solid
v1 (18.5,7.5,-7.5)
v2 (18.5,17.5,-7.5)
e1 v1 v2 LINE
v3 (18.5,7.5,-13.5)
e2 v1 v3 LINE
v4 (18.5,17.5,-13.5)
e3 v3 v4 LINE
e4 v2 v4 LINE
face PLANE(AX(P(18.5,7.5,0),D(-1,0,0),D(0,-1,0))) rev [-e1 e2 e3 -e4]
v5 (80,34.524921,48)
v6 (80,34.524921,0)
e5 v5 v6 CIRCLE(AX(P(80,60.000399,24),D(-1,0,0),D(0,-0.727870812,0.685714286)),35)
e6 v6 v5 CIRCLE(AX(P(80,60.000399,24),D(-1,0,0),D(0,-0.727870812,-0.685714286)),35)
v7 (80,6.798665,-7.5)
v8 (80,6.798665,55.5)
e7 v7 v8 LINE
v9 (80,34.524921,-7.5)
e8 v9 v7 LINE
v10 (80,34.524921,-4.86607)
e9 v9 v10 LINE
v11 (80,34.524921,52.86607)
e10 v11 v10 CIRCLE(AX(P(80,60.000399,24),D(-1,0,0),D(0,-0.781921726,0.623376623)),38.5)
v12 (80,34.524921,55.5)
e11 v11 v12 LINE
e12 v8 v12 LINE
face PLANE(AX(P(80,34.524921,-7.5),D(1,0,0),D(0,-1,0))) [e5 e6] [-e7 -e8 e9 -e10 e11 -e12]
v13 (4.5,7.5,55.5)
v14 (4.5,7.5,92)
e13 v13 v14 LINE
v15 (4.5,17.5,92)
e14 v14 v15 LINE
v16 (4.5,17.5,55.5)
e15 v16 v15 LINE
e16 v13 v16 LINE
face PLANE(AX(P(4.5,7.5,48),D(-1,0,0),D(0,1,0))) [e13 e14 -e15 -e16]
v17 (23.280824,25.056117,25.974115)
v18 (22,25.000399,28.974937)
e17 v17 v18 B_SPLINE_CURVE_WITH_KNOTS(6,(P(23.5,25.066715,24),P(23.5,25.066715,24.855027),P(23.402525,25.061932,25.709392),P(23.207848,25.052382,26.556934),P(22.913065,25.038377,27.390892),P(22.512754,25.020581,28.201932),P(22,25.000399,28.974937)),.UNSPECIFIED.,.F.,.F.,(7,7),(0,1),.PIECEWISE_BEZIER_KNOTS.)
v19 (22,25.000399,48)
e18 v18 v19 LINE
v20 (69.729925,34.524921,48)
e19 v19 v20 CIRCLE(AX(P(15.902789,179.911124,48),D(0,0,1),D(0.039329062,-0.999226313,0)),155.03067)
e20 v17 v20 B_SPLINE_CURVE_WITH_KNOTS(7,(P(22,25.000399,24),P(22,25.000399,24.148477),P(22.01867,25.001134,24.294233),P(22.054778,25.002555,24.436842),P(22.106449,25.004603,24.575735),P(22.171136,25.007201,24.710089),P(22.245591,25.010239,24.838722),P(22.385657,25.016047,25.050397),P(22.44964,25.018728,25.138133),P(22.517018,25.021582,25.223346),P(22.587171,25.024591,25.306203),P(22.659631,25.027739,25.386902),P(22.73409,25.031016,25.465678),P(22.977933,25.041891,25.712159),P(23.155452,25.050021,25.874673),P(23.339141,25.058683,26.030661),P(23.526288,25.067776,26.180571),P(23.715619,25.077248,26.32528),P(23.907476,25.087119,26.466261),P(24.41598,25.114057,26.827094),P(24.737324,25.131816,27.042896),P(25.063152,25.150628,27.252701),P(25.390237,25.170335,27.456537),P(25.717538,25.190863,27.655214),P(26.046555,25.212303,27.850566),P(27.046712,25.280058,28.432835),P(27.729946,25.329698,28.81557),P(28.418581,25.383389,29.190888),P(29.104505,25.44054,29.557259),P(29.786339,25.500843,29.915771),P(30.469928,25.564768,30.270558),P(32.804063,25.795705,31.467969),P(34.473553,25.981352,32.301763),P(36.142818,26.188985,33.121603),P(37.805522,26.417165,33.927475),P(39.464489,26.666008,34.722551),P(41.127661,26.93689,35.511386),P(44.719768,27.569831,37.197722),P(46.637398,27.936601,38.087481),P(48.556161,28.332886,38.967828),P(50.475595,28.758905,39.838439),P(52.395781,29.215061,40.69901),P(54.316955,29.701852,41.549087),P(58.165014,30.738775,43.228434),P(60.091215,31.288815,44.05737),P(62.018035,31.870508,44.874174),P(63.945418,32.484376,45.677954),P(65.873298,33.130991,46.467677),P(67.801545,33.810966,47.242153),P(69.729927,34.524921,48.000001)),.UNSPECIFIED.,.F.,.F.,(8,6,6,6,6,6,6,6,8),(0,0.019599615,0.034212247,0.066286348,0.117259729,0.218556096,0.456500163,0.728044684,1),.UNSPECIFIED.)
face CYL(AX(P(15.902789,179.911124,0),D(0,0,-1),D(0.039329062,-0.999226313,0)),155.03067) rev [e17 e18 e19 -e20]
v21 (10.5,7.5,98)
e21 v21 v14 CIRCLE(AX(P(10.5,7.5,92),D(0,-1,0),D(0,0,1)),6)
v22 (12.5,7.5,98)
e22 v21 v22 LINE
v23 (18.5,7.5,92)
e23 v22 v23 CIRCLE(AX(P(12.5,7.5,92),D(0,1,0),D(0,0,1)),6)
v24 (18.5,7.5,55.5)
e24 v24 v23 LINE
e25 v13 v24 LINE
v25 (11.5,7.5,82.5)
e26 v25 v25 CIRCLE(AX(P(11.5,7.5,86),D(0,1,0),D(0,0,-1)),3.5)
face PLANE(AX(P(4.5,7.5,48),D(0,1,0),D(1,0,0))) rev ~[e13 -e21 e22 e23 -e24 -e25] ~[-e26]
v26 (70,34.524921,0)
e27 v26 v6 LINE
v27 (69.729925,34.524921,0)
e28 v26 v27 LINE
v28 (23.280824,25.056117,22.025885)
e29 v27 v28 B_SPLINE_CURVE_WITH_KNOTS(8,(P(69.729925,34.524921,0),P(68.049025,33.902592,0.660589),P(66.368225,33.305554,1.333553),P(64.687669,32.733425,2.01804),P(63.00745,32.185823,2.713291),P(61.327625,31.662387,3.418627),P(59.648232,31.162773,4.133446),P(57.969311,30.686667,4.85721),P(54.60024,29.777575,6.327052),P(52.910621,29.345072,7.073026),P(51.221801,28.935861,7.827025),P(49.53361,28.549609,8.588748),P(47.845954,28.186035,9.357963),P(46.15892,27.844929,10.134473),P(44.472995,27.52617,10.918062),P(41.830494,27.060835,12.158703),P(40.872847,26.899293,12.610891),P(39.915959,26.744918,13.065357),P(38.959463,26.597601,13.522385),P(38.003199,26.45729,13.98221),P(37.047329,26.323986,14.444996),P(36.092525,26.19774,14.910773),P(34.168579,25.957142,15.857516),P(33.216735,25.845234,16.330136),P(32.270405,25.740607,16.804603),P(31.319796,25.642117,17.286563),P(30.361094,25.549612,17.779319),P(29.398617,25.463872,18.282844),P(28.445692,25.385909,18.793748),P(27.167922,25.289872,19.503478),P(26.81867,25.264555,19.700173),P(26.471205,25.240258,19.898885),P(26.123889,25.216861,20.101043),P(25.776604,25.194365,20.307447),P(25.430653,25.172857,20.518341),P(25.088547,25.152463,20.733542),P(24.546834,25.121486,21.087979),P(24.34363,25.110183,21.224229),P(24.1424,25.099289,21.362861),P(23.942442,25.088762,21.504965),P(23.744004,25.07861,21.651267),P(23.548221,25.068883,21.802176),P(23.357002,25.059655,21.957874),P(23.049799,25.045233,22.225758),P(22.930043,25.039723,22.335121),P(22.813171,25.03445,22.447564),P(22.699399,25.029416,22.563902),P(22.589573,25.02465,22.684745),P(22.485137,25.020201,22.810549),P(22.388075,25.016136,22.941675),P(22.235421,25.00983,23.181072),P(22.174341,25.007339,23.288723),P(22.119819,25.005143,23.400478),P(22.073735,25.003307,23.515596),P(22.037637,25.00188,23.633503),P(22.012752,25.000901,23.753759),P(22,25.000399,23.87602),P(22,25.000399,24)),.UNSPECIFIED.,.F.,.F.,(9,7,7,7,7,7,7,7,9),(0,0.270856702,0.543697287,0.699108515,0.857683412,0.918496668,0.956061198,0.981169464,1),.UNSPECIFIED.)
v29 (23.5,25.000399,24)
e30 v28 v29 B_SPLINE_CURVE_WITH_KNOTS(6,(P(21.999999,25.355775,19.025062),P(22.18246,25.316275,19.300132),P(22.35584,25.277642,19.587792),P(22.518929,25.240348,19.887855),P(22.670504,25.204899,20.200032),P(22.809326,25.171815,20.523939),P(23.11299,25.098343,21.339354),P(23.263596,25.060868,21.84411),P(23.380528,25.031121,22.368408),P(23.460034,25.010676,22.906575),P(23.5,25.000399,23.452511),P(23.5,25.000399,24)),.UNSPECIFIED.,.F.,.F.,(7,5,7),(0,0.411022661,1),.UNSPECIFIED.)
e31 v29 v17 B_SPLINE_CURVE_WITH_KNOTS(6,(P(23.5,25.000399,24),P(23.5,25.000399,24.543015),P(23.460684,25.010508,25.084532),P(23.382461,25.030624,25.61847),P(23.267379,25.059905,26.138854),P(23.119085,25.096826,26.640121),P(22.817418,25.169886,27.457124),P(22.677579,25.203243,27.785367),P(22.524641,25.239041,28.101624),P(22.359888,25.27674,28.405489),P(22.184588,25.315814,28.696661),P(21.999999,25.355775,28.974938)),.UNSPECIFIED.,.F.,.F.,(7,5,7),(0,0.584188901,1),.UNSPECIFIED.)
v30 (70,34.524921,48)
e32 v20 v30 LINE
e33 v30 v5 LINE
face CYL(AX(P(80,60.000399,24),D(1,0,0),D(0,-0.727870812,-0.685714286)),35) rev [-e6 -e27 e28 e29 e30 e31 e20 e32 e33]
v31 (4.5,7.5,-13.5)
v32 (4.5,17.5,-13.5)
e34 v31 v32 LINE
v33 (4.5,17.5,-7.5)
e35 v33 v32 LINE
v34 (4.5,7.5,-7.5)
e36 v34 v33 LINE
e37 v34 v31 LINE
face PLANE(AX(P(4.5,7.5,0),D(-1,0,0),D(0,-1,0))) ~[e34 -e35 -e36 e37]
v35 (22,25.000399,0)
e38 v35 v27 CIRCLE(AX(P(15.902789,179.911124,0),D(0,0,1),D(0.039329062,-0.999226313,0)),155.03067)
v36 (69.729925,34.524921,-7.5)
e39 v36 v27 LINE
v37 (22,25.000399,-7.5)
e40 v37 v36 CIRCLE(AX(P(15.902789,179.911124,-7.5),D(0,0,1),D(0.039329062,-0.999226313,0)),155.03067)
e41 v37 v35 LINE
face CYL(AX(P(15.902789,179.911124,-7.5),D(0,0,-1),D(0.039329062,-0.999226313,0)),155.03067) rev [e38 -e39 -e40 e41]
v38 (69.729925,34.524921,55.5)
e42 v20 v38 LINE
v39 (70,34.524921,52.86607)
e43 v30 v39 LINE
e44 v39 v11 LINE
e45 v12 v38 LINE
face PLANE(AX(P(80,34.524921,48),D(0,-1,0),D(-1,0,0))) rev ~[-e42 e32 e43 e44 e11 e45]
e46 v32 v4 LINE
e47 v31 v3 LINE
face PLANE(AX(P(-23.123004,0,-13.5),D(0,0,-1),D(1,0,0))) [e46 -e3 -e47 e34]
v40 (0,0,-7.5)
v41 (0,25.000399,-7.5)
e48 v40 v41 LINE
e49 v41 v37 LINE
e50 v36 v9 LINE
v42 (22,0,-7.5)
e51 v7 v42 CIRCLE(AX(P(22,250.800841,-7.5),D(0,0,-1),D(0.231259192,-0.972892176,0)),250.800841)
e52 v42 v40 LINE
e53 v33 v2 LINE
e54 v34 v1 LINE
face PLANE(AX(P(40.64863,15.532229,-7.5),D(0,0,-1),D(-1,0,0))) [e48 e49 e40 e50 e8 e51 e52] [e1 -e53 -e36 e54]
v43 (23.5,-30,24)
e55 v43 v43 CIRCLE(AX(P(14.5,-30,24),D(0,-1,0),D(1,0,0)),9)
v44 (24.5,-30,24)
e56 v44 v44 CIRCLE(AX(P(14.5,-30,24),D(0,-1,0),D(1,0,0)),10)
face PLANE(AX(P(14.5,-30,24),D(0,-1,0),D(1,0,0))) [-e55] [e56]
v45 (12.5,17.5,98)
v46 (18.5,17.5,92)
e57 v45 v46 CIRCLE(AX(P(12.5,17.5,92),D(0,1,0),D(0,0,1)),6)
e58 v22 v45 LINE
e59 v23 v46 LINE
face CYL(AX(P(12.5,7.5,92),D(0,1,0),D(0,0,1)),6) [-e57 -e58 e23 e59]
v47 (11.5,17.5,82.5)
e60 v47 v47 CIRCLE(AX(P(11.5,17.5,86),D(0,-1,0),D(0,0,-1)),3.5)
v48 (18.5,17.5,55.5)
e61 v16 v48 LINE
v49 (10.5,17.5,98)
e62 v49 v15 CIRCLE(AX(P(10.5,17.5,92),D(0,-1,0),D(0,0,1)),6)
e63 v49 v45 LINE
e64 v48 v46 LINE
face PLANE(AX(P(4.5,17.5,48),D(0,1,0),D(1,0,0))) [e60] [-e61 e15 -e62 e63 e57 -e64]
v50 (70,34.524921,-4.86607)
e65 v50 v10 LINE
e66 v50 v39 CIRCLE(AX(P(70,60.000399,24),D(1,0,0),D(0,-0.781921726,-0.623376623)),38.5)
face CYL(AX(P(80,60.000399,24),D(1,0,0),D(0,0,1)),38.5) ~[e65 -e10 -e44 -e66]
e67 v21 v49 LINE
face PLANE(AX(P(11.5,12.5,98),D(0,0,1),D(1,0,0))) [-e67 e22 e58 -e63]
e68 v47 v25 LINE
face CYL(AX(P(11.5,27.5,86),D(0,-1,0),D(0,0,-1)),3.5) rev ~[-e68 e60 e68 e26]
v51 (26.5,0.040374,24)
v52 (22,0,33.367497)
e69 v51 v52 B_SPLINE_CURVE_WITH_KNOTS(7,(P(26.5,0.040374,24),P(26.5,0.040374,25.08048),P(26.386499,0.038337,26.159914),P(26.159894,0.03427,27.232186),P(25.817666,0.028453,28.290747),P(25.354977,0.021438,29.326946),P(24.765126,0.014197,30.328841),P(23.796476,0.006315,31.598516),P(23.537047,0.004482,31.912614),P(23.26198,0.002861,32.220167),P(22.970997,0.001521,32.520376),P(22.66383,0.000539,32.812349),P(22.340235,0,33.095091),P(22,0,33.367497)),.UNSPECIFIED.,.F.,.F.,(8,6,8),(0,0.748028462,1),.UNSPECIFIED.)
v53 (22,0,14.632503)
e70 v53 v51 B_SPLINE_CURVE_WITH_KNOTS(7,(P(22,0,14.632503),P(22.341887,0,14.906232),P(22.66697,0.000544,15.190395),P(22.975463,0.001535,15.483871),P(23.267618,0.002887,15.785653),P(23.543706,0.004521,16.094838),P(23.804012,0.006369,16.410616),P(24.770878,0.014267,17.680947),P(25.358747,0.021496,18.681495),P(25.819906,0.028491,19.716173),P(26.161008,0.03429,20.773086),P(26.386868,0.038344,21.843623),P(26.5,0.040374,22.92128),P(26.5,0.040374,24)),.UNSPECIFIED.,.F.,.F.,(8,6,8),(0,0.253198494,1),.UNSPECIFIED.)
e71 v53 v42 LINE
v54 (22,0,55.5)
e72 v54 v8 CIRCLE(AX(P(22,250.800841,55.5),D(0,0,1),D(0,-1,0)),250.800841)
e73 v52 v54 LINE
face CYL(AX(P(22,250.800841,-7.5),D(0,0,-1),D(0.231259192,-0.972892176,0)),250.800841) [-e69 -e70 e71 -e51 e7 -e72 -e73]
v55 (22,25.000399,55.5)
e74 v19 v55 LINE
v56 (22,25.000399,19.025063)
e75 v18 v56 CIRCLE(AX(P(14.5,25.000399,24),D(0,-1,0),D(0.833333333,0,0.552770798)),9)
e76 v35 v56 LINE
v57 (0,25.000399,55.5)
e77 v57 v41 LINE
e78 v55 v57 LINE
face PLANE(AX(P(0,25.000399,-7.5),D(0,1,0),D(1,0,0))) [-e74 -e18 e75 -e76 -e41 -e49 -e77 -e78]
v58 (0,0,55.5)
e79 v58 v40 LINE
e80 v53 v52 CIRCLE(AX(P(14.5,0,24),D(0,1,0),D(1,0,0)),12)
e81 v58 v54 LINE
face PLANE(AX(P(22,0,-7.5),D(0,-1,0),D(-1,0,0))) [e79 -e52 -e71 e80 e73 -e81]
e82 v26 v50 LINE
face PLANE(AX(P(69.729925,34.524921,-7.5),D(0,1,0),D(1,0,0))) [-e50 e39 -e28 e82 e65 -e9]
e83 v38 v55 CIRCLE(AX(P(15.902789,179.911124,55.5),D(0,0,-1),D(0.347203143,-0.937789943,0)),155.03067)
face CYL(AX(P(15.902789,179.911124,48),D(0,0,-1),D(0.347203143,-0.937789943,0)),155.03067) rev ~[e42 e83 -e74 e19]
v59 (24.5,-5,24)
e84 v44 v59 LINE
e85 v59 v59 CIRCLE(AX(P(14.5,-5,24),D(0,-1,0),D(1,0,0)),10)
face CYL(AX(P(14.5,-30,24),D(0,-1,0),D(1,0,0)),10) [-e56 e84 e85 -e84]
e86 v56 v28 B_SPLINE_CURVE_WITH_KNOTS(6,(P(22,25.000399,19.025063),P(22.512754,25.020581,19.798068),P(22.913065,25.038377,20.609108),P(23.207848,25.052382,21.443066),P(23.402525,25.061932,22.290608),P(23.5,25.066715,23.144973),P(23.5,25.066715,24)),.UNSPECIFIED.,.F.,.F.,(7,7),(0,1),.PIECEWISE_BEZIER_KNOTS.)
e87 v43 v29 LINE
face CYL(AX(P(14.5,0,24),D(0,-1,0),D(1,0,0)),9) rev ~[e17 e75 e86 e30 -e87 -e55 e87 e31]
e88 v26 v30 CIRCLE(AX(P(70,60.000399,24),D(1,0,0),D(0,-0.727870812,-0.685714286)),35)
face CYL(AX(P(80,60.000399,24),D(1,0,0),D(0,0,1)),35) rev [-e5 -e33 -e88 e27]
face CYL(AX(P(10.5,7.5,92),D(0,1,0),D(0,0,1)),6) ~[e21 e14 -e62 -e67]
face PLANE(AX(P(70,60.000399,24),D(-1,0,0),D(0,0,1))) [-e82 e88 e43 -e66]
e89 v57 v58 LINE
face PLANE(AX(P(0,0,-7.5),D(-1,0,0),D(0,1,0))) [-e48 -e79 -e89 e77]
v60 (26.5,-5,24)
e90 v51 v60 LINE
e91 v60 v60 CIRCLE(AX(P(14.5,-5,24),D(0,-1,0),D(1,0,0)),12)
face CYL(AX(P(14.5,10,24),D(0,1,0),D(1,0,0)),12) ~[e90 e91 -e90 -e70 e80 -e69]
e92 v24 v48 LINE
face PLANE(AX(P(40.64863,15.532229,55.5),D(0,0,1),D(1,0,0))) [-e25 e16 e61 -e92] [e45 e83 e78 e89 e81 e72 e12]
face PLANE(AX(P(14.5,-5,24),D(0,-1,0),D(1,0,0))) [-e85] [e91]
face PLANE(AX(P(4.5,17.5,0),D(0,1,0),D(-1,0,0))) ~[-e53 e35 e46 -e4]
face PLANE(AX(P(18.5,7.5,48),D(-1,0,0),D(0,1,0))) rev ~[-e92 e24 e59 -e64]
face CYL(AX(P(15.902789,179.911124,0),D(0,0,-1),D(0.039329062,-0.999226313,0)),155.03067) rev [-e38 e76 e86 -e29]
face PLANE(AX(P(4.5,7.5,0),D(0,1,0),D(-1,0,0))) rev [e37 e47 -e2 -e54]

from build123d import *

# Parameters (mm, degrees)
BOSS_EXTRUDE1_DEPTH       = 48
SKETCH2_W                 = 14
SKETCH2_H                 = 10
BOSS_EXTRUDE2_DEPTH       = 50
CUT_EXTRUDE1_DEPTH        = 98
M8X1_0_TAPPED_HOLE1_D     = 7
M8X1_0_TAPPED_HOLE1_DEPTH = 10
M8X1_0_TAPPED_HOLE1_TIP   = 2.103012167
FILLET1_R                 = 6
SKETCH7_R                 = 38.5
SKETCH7_R_2               = 35
BOSS_EXTRUDE3_DEPTH       = 10
SKETCH8_R                 = 35
CUT_EXTRUDE2_DEPTH        = 90
BOSS_EXTRUDE4_DEPTH       = 5
BOSS_EXTRUDE4_DEPTH_BACK  = 10
SKETCH10_R                = 12
SKETCH10_R_2              = 9
BOSS_EXTRUDE5_START       = 25
SKETCH11_R                = 10
SKETCH11_R_2              = 9
BOSS_EXTRUDE5_DEPTH       = 25
SKETCH12_R                = 9
CUT_EXTRUDE3_DEPTH        = 42
BOSS_EXTRUDE6_DEPTH       = 7.5
BOSS_EXTRUDE7_START       = 7.5
BOSS_EXTRUDE7_DEPTH       = 7.5


with BuildPart() as part:
    # Sketch1 → Boss-Extrude1 (new body)
    with BuildSketch(Plane.XY):
        with BuildLine():
            Line((0, 0), (0, 25.00039893))
            Line((0, 25.00039893), (22, 25.00039893))
            ThreePointArc((22, 25.00039893), (51.667114877, 29.062120939), (80, 38.751440389))
            Line((80, 38.751440389), (80, 6.798665084))
            ThreePointArc((80, 6.798665084), (51.198552391, 1.705464917), (22, 0))
            Line((22, 0), (0, 0))
        make_face()
    extrude(amount=BOSS_EXTRUDE1_DEPTH)

    # Sketch2 → Boss-Extrude2 (add)
    with BuildSketch(Plane.XY.offset(48)):
        with Locations((11.5, 12.5)):
            Rectangle(SKETCH2_W, SKETCH2_H)
    boss_extrude2 = extrude(amount=BOSS_EXTRUDE2_DEPTH)

    # Mirror1: Boss-Extrude2 across plane
    add(boss_extrude2.mirror(Plane.XY.offset(24)))

    # Sketch3 → Cut-Extrude1 (cut)
    with BuildSketch(Plane(origin=(0, 0, 0), x_dir=(1, 0, 0), z_dir=(0, 1, 0))):
        Polygon((32.759036304, 13.5), (11.5, 13.5), (-23.123003772, 13.5), (-23.123003772, 84.867154232), (32.759036304, 84.867154232), align=None)
    extrude(amount=CUT_EXTRUDE1_DEPTH, mode=Mode.SUBTRACT)

    # M8x1.0 Tapped Hole1
    with Locations(Plane(origin=(11.5, 17.5, 86), x_dir=(0, 0, 1), z_dir=(0, 1, 0))):
        with Locations((0, 0)):
            Hole(M8X1_0_TAPPED_HOLE1_D / 2, depth=M8X1_0_TAPPED_HOLE1_DEPTH)
            with Locations((0, 0, -(M8X1_0_TAPPED_HOLE1_DEPTH + M8X1_0_TAPPED_HOLE1_TIP / 2))):  # 118° drill point
                Cone(0, M8X1_0_TAPPED_HOLE1_D / 2, M8X1_0_TAPPED_HOLE1_TIP, mode=Mode.SUBTRACT)

    # Fillet1
    fillet1_edges = [part.edges().sort_by_distance(p)[0] for p in [
        (18.5, 12.5, 98),
        (4.5, 12.5, 98),
    ]]
    fillet(fillet1_edges, radius=FILLET1_R)

    # Sketch7 → Boss-Extrude3 (add)
    with BuildSketch(Plane.ZY.offset(-80)):
        with Locations((24, 60.00039893)):
            Circle(SKETCH7_R)
        with Locations((24, 60.00039893)):
            Circle(SKETCH7_R_2, mode=Mode.SUBTRACT)
    extrude(amount=BOSS_EXTRUDE3_DEPTH)

    # Sketch8 → Cut-Extrude2 (cut)
    with BuildSketch(Plane.ZY.offset(-80)):
        with Locations(Location((24, 60.00039893, 0), (0, 0, 226.708192407))):
            Circle(SKETCH8_R)
    extrude(amount=CUT_EXTRUDE2_DEPTH, mode=Mode.SUBTRACT)

    # Sketch10 → Boss-Extrude4 (add, two sides: drawn at the far end of the back side and taken through both)
    with BuildSketch(Plane.XZ.offset(-BOSS_EXTRUDE4_DEPTH_BACK)):
        with Locations((14.5, 24)):
            Circle(SKETCH10_R)
        with Locations((14.5, 24)):
            Circle(SKETCH10_R_2, mode=Mode.SUBTRACT)
    extrude(amount=BOSS_EXTRUDE4_DEPTH + BOSS_EXTRUDE4_DEPTH_BACK)

    # Sketch11 → Boss-Extrude5 (add)
    with BuildSketch(Plane.XZ.offset(5).offset(BOSS_EXTRUDE5_START)):
        with Locations((14.5, 24)):
            Circle(SKETCH11_R)
        with Locations((14.5, 24)):
            Circle(SKETCH11_R_2, mode=Mode.SUBTRACT)
    extrude(amount=-BOSS_EXTRUDE5_DEPTH)

    # Sketch12 → Cut-Extrude3 (cut)
    with BuildSketch(Plane(origin=(0, 0, 0), x_dir=(-1, 0, 0), z_dir=(0, -1, 0))):
        with Locations(Location((-14.5, -24, 0), (0, 0, 180))):
            Circle(SKETCH12_R)
    extrude(amount=-CUT_EXTRUDE3_DEPTH, mode=Mode.SUBTRACT)

    # Sketch13 → Boss-Extrude6 (add)
    with BuildSketch(Plane.XY.offset(48)):
        with BuildLine():
            Line((0, 25.00039893), (0, 0))
            Line((0, 0), (22, 0))
            ThreePointArc((22, 0), (51.198552391, 1.705464917), (80, 6.798665084))
            Line((80, 6.798665084), (80, 29.896412483))
            Line((80, 29.896412483), (80, 34.524920524))
            Line((80, 34.524920524), (70, 34.524920524))
            Line((70, 34.524920524), (69.729925021, 34.524920524))
            ThreePointArc((69.729925021, 34.524920524), (46.24106465, 27.877911315), (22, 25.00039893))
            Line((22, 25.00039893), (0, 25.00039893))
        make_face()
    extrude(amount=BOSS_EXTRUDE6_DEPTH)

    # Sketch14 → Boss-Extrude7 (add)
    with BuildSketch(Plane(origin=(0, 0, 0), x_dir=(-1, 0, 0), z_dir=(0, 0, -1)).offset(BOSS_EXTRUDE7_START)):
        with BuildLine():
            Line((-80, 29.896412483), (-80, 6.798665084))
            ThreePointArc((-80, 6.798665084), (-51.198552391, 1.705464917), (-22, 0))
            Line((-22, 0), (0, 0))
            Line((0, 0), (0, 25.00039893))
            Line((0, 25.00039893), (-22, 25.00039893))
            ThreePointArc((-22, 25.00039893), (-46.24106465, 27.877911315), (-69.729925021, 34.524920524))
            Line((-69.729925021, 34.524920524), (-70, 34.524920524))
            Line((-70, 34.524920524), (-80, 34.524920524))
            Line((-80, 34.524920524), (-80, 29.896412483))
        make_face()
    extrude(amount=-BOSS_EXTRUDE7_DEPTH)


solid = part.part
